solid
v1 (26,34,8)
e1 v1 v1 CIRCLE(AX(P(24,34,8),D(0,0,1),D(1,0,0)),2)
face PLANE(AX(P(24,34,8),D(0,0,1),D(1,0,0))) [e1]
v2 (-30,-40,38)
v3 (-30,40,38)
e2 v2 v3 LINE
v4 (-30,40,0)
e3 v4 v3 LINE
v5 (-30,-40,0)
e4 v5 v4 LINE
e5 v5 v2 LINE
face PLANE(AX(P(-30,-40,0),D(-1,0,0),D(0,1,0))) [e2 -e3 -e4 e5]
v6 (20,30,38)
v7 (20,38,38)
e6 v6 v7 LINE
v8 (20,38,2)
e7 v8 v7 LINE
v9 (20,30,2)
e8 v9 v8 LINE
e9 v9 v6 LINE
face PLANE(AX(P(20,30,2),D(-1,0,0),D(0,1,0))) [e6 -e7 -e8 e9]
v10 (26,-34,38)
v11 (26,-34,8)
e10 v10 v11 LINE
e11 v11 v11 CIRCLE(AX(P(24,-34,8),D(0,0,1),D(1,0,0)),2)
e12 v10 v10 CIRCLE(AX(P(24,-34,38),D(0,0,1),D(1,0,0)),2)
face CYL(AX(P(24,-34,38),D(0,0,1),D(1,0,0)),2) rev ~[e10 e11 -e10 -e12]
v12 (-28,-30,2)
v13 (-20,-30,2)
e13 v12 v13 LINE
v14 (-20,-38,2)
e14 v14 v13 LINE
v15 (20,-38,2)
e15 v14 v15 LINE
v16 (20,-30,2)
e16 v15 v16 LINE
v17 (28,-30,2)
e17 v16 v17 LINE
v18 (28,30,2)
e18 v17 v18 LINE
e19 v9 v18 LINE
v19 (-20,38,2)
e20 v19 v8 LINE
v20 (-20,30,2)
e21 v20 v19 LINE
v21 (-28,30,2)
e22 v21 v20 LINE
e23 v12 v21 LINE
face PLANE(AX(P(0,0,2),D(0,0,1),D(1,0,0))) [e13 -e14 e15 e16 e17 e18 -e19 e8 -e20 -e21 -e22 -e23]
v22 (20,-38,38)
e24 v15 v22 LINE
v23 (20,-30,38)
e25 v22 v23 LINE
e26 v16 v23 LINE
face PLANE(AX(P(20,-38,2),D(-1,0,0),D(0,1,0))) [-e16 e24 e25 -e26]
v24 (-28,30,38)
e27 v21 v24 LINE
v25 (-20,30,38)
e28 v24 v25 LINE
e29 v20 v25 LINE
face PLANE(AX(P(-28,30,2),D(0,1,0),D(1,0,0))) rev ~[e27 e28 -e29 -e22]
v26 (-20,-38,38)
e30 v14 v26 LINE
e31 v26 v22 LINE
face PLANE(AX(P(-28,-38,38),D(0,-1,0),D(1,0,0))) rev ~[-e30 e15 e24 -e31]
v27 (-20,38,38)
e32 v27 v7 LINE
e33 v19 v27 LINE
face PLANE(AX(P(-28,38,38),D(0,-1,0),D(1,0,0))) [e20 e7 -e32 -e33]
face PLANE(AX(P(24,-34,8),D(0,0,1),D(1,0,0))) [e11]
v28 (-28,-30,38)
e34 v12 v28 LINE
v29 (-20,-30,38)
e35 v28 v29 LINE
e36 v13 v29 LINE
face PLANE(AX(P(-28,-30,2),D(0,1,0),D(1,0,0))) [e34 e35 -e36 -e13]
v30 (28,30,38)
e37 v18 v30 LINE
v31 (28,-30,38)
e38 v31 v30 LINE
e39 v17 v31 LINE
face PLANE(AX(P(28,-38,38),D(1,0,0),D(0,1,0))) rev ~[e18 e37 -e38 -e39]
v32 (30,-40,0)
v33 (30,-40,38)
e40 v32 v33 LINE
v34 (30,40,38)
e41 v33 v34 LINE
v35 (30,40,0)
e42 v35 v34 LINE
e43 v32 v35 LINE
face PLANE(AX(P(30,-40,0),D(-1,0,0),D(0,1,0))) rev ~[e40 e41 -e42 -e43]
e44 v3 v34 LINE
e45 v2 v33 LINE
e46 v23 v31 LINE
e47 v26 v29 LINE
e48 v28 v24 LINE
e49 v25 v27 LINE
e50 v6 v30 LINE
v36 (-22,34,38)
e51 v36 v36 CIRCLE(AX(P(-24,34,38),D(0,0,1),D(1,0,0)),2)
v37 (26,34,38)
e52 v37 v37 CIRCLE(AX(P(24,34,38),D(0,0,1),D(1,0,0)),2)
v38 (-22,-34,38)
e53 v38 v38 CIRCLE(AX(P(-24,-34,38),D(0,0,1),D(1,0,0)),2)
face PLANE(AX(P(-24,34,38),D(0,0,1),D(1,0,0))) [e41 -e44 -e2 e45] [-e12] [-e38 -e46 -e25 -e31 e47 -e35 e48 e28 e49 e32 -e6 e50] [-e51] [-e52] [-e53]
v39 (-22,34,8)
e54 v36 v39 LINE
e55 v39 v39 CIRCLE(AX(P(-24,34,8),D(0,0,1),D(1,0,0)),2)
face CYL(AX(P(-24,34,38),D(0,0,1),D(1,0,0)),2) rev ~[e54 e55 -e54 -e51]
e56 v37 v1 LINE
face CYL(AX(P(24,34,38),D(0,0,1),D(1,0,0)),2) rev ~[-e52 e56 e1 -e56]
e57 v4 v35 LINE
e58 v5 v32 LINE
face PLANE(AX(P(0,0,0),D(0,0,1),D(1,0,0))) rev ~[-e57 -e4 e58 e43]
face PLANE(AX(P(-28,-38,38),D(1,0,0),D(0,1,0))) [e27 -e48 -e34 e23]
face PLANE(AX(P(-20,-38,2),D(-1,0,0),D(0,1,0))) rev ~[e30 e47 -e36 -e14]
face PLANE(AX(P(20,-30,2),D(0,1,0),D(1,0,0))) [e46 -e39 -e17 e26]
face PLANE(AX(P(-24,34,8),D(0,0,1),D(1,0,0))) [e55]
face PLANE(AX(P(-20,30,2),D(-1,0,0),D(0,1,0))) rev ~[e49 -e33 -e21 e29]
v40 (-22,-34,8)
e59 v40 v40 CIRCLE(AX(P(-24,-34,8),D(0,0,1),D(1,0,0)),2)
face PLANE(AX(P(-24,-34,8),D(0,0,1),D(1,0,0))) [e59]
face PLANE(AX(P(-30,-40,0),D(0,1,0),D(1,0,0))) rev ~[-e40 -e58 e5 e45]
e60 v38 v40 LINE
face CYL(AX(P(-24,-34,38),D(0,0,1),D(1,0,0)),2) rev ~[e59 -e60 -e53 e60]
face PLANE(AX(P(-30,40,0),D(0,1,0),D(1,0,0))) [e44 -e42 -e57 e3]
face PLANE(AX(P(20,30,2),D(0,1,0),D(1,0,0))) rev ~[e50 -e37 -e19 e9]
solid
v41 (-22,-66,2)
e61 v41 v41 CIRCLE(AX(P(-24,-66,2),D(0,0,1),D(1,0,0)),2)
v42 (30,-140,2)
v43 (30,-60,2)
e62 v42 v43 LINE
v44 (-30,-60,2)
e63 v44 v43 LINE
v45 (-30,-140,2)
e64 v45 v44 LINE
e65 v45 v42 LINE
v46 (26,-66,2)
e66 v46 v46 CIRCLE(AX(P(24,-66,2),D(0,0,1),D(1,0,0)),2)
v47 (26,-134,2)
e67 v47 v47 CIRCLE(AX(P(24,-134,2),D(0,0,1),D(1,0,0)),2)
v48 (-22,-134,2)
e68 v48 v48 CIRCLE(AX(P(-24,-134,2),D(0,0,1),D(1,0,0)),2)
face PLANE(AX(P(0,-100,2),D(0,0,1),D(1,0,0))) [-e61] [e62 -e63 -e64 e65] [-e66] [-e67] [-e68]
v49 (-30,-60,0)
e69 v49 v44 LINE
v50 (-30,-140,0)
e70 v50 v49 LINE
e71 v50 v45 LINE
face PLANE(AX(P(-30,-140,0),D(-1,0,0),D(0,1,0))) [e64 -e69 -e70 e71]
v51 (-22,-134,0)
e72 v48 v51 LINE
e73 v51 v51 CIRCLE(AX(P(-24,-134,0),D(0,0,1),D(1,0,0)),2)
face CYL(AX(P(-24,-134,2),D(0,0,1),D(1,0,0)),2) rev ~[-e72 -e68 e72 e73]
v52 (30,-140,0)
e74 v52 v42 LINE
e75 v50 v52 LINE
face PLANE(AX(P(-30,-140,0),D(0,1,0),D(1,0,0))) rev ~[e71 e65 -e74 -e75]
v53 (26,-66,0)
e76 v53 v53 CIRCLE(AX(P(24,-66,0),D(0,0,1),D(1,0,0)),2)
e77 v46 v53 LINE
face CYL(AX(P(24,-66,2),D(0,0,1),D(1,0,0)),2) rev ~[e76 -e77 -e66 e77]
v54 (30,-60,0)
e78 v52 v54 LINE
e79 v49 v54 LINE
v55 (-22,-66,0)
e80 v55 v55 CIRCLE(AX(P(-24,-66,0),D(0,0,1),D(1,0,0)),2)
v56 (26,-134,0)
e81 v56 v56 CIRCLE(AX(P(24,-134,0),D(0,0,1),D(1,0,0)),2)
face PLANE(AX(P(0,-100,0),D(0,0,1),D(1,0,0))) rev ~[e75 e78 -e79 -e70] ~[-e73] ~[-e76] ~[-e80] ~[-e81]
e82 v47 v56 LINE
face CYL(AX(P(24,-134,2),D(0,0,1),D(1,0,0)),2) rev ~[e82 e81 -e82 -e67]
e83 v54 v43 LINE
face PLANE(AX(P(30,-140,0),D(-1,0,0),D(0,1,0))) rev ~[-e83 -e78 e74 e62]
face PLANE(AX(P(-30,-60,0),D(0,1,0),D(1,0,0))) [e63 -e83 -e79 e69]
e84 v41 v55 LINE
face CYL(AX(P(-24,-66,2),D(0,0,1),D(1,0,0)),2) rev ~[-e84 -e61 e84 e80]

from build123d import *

# Parameters (mm, degrees)
F3_W      = 60
F3_H      = 80
F4_DEPTH  = 38
F5_W      = 56
F5_H      = 76
F6_DEPTH  = 36
F7_W      = 8
F7_H      = 8
F8_DEPTH  = 36
F9_R      = 2
F10_DEPTH = 30
F11_W     = 60
F11_H     = 80
F12_DEPTH = 2
F13_R     = 2
F14_DEPTH = 2


with BuildPart() as f4:
    # F3 (on Top) → F4 (new body)
    with BuildSketch(Plane.XY):
        Rectangle(F3_W, F3_H)
    extrude(amount=F4_DEPTH)

    # F5 (on face) → F6 (cut)
    with BuildSketch(Plane.XY.offset(38)):
        Rectangle(F5_W, F5_H)
    extrude(amount=-F6_DEPTH, mode=Mode.SUBTRACT)

    # F7 (on face) → F8 (join)
    with BuildSketch(Plane.XY.offset(2)):
        with Locations((-24, 34)):
            Rectangle(F7_W, F7_H)
        with Locations((24, 34)):
            Rectangle(F7_W, F7_H)
        with Locations((24, -34)):
            Rectangle(F7_W, F7_H)
        with Locations((-24, -34)):
            Rectangle(F7_W, F7_H)
    extrude(amount=F8_DEPTH)

    # F9 (on face) → F10 (cut)
    with BuildSketch(Plane.XY.offset(38)):
        with Locations((-24, 34)):
            Circle(F9_R)
        with Locations((24, 34)):
            Circle(F9_R)
        with Locations((24, -34)):
            Circle(F9_R)
        with Locations((-24, -34)):
            Circle(F9_R)
    extrude(amount=-F10_DEPTH, mode=Mode.SUBTRACT)


with BuildPart() as f12:
    # F11 (on Top) → F12 (new body)
    with BuildSketch(Plane.XY):
        with Locations((0, -100)):
            Rectangle(F11_W, F11_H)
    extrude(amount=F12_DEPTH)

    # F13 (on face) → F14 (cut)
    with BuildSketch(Plane.XY.offset(2)):
        with Locations((-24, -134)):
            Circle(F13_R)
        with Locations((-24, -66)):
            Circle(F13_R)
        with Locations((24, -66)):
            Circle(F13_R)
        with Locations((24, -134)):
            Circle(F13_R)
    extrude(amount=-F14_DEPTH, mode=Mode.SUBTRACT)


solid = Compound([f4.part, f12.part])
